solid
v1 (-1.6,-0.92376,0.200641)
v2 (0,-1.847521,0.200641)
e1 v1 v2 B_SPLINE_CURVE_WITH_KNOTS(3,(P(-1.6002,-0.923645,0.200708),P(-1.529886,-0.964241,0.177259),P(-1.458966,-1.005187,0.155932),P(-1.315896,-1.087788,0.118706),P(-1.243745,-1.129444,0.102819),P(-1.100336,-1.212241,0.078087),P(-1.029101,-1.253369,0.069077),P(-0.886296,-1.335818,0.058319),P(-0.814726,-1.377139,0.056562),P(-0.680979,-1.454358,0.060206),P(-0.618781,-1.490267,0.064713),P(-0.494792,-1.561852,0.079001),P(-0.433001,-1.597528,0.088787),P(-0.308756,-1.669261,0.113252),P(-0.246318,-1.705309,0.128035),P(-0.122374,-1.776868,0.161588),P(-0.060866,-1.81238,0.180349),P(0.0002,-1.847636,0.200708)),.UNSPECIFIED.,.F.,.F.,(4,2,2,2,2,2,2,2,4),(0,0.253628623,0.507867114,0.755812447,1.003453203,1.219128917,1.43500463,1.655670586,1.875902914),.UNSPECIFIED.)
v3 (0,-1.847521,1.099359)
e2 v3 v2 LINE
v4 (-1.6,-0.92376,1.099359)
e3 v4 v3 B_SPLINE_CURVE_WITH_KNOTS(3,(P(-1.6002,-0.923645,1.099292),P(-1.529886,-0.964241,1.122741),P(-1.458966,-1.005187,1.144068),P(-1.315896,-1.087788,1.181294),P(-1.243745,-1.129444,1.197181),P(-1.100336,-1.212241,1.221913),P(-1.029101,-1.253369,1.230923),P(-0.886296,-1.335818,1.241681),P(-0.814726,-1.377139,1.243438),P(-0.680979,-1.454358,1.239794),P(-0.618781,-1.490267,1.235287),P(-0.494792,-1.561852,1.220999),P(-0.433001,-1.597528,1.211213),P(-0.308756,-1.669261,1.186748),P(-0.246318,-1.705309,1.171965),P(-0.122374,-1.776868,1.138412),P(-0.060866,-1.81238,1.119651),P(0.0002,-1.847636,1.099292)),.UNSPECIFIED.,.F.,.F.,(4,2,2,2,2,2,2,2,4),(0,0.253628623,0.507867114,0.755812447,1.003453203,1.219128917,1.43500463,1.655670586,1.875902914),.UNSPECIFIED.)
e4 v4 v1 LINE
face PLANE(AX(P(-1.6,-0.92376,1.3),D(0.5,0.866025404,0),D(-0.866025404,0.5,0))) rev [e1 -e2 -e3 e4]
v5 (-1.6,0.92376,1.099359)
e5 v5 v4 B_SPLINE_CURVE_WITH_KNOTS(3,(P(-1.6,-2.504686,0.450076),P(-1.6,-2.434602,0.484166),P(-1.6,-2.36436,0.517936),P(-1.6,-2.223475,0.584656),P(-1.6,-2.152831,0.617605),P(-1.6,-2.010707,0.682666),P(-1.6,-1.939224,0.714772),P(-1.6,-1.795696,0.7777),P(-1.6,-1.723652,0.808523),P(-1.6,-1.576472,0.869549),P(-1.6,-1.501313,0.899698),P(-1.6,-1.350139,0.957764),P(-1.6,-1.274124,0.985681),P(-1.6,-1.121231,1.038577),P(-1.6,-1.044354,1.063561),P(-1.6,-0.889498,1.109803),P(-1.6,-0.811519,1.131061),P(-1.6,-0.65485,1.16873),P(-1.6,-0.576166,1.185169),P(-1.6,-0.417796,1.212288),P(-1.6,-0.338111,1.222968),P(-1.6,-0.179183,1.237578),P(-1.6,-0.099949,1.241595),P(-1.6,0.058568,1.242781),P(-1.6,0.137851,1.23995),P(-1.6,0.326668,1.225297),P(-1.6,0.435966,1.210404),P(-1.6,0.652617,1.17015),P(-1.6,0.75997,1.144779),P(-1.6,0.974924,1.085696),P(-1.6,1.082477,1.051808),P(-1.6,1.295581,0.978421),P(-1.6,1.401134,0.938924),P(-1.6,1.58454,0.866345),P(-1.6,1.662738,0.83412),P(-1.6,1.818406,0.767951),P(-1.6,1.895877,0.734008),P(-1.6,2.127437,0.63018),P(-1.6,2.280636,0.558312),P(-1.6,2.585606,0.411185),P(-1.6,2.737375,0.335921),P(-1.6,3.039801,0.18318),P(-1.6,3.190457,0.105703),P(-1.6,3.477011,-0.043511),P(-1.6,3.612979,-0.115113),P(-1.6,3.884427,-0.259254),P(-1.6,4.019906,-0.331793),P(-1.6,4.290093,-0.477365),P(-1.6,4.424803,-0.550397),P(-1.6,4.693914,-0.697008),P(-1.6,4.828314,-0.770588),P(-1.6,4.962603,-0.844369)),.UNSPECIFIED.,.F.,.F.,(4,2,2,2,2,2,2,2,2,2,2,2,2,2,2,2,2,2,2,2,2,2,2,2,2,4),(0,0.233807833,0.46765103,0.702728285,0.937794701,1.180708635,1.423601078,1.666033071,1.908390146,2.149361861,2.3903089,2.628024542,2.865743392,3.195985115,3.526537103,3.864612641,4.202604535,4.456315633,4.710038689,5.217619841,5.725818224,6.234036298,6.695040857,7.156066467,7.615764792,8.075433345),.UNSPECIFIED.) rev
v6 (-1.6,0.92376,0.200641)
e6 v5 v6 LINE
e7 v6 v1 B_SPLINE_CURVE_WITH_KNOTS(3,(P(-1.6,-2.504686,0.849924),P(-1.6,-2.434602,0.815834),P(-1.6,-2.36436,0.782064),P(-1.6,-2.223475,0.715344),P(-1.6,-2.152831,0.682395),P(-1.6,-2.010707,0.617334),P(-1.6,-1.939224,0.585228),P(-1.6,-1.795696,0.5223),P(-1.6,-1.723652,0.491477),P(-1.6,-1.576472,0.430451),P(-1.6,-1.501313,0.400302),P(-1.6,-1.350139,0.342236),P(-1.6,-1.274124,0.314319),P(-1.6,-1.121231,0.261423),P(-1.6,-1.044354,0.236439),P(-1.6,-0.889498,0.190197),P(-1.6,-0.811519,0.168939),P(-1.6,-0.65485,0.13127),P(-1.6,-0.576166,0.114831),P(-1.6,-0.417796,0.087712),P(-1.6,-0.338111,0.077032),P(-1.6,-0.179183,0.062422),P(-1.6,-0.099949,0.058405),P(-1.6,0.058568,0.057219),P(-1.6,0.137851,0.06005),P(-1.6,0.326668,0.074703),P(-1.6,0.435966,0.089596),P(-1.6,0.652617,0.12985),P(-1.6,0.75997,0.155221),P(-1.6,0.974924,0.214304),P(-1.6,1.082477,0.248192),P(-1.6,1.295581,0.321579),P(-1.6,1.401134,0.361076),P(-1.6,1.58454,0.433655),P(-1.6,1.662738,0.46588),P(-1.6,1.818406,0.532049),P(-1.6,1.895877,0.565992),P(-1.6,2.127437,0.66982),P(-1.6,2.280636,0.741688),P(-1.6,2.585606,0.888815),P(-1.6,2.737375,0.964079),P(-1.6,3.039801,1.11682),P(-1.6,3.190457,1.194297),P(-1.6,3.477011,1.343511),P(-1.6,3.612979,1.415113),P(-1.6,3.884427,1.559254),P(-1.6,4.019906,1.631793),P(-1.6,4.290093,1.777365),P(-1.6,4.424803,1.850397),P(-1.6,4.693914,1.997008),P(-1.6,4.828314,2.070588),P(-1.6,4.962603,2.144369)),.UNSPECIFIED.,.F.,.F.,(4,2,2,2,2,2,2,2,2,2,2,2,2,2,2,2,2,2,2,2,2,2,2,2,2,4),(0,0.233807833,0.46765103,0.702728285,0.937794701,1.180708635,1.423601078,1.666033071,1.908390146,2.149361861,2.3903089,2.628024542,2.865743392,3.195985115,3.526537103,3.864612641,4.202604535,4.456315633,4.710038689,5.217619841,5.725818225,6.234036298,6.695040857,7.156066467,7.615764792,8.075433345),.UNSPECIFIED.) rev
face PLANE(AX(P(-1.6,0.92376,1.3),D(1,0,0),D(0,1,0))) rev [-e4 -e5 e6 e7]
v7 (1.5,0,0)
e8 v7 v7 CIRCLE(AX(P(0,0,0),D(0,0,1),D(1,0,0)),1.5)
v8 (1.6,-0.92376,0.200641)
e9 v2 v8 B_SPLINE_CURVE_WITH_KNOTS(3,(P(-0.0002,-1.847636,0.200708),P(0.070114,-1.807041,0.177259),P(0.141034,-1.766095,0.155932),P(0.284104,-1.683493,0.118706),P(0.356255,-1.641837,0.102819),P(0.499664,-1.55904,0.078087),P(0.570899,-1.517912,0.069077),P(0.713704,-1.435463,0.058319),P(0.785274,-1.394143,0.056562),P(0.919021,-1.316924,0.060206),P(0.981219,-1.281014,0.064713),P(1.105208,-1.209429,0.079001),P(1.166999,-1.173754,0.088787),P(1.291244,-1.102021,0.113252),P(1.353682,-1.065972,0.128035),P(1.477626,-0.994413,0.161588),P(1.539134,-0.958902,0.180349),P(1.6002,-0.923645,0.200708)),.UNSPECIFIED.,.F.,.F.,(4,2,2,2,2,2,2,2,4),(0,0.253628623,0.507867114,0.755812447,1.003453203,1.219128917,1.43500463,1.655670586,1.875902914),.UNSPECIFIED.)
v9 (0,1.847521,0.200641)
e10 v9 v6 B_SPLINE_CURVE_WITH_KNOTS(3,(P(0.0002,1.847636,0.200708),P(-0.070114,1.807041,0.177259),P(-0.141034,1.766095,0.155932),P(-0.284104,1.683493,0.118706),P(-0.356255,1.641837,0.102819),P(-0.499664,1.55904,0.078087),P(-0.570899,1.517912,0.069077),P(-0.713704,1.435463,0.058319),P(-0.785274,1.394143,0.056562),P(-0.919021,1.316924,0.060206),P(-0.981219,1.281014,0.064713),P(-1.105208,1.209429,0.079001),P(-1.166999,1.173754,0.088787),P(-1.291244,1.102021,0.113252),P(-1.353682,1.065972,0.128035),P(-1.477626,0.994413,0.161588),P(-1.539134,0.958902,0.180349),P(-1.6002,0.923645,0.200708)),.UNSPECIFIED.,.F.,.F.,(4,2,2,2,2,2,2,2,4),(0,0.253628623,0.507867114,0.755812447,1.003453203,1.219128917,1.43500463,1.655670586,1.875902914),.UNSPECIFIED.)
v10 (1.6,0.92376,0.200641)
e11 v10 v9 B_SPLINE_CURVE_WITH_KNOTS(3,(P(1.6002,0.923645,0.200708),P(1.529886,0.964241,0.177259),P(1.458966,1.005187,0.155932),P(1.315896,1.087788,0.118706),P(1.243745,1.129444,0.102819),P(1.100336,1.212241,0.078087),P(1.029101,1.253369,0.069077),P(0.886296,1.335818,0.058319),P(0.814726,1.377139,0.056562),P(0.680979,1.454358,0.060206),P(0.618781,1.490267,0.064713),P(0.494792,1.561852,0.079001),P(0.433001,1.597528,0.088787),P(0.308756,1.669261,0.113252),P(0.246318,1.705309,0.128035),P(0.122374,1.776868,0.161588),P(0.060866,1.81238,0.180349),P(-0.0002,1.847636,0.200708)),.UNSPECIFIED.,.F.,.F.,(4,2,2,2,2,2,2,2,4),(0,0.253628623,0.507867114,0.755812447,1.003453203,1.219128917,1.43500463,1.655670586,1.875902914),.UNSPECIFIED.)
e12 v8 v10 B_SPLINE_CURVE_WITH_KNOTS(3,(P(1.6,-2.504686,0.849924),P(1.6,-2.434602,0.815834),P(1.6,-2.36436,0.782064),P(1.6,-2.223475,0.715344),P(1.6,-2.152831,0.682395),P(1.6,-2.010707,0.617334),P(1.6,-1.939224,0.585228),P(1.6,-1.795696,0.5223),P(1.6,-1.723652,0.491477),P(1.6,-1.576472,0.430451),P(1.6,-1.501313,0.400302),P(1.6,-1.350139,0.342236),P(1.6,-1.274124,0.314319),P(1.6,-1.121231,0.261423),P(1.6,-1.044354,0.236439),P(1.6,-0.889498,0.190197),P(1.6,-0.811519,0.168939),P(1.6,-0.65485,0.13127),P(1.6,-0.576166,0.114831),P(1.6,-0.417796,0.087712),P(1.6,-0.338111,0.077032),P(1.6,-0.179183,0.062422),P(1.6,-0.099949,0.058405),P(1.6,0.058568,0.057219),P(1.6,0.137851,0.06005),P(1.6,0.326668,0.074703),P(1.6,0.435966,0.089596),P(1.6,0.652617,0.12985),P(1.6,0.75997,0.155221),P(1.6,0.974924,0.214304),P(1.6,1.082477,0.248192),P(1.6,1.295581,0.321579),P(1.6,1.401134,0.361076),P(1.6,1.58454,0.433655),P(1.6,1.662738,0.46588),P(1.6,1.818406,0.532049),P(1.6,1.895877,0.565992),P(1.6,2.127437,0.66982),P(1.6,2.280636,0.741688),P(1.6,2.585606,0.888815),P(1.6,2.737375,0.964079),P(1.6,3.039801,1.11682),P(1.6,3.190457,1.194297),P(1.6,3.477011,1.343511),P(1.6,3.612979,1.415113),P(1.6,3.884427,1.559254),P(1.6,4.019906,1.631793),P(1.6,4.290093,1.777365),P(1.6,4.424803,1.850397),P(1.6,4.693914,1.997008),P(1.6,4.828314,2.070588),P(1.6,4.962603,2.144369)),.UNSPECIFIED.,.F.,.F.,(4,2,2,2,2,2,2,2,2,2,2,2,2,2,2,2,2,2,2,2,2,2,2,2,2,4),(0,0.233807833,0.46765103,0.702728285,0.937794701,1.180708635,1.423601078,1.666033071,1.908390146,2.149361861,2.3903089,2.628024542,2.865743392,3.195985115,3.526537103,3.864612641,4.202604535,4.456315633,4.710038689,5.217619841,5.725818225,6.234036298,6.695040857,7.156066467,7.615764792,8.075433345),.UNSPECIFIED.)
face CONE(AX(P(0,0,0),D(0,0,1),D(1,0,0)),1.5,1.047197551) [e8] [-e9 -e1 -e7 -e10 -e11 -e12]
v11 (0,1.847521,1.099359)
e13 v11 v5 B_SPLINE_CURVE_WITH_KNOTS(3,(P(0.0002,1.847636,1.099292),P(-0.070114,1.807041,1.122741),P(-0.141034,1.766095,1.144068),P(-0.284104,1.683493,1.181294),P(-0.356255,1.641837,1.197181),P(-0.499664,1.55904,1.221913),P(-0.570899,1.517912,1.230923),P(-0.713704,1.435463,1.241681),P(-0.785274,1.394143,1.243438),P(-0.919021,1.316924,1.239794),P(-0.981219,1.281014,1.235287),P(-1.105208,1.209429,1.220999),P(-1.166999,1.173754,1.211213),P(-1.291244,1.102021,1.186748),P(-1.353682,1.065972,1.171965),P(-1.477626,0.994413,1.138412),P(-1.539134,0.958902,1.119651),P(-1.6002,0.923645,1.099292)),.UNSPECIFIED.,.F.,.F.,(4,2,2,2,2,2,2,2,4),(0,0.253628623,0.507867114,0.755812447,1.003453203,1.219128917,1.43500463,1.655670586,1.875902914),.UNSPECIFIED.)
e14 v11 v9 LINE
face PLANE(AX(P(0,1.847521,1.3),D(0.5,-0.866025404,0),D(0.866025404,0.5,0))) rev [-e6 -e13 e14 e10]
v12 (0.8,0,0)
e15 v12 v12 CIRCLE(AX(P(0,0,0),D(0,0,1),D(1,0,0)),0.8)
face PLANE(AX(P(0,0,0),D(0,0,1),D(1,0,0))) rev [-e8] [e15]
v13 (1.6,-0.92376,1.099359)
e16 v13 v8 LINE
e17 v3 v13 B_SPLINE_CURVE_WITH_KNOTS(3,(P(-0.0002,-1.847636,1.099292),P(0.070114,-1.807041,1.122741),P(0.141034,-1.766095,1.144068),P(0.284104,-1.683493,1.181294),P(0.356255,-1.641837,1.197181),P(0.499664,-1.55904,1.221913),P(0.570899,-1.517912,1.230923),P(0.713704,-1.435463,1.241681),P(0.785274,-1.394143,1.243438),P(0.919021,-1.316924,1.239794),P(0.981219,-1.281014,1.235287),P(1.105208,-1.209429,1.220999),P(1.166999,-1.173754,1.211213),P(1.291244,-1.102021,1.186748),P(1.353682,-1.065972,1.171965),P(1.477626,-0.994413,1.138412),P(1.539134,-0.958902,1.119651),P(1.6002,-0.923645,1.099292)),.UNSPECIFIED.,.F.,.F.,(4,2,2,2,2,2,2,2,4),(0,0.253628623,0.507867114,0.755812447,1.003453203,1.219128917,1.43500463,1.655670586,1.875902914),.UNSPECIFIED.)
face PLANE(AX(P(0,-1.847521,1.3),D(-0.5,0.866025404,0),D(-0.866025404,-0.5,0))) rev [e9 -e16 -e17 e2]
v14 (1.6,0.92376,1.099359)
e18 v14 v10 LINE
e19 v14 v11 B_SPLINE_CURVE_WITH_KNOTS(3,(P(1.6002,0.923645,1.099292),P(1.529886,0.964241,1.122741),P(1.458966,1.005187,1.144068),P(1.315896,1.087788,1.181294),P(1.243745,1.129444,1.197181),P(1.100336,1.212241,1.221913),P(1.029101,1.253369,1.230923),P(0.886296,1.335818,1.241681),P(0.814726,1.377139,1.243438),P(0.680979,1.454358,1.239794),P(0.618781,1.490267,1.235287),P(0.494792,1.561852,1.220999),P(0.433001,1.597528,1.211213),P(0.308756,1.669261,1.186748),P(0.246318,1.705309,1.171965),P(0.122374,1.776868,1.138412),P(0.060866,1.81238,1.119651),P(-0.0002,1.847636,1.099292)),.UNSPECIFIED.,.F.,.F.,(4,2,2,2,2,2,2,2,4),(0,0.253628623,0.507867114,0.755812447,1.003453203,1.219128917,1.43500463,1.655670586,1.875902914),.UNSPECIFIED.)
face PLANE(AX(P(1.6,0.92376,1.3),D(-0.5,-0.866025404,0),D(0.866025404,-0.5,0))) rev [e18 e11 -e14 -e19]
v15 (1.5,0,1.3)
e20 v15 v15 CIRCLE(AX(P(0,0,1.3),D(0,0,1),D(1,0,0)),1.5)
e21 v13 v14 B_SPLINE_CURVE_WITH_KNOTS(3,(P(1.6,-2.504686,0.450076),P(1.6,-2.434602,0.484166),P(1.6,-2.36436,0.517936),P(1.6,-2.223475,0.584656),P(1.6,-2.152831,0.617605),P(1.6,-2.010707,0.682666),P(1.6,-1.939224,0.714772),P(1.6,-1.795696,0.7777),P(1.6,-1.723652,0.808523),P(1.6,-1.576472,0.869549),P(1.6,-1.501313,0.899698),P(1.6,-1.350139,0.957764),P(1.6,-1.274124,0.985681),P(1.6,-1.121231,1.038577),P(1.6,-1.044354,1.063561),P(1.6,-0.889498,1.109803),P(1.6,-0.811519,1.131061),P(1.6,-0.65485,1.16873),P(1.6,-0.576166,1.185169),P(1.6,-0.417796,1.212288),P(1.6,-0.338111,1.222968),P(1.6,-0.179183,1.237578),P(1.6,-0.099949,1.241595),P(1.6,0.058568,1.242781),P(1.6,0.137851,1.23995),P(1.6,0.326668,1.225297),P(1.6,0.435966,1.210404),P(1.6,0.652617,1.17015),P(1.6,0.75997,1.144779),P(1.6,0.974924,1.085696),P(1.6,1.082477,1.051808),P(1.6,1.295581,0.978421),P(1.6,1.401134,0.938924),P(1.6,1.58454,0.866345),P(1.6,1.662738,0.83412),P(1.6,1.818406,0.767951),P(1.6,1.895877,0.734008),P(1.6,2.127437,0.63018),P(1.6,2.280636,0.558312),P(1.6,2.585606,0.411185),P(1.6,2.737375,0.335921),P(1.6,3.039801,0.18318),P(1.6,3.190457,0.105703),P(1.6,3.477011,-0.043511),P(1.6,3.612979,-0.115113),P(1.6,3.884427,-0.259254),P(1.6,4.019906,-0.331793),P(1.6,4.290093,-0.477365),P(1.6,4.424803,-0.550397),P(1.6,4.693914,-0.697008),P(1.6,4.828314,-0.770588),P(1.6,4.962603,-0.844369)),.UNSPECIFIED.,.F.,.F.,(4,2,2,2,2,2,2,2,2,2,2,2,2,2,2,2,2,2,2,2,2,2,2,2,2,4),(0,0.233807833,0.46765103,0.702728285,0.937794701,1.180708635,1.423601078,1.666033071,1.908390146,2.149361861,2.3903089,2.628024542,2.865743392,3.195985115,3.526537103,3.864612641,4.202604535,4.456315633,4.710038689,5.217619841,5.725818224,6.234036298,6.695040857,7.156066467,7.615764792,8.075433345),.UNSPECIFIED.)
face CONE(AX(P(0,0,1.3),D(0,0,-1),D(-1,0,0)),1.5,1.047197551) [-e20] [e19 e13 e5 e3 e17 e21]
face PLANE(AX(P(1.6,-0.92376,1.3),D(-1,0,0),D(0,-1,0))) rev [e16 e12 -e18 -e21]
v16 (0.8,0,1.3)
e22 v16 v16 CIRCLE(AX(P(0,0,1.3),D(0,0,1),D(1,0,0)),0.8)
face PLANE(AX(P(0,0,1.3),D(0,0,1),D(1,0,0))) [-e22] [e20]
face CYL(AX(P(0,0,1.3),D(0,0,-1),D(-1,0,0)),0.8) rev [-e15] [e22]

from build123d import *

# Parameters (mm, degrees)
SKETCH1_R      = 0.8
EXTRUDE1_DEPTH = 1.3


with BuildPart() as part:
    # Sketch1 → Extrude1 (new body)
    with BuildSketch(Plane.XY):
        Polygon((0, 1.847520861), (-1.6, 0.923760431), (-1.6, -0.923760431), (0, -1.847520861), (1.6, -0.923760431), (1.6, 0.923760431), align=None)
        Circle(SKETCH1_R, mode=Mode.SUBTRACT)
    extrude(amount=EXTRUDE1_DEPTH)

    # Sketch2 → Cut-Revolve1 (revolve, cut)
    with BuildSketch(Plane(origin=(0, 0, 0), x_dir=(1, 0, 0), z_dir=(0, 1, 0)), mode=Mode.PRIVATE) as cut_revolve1_sk:
        Polygon((-3.192737518, -1.3), (-1.5, -1.3), (-2.625833025, -0.65), (-1.5, 0), (-3.192737518, 0), align=None)
    revolve(cut_revolve1_sk.sketch.rotate(Axis((0, 0, 0), (0, 0, -1)), 180), axis=Axis((0, 0, 0), (0, 0, -1)), mode=Mode.SUBTRACT)


solid = part.part
